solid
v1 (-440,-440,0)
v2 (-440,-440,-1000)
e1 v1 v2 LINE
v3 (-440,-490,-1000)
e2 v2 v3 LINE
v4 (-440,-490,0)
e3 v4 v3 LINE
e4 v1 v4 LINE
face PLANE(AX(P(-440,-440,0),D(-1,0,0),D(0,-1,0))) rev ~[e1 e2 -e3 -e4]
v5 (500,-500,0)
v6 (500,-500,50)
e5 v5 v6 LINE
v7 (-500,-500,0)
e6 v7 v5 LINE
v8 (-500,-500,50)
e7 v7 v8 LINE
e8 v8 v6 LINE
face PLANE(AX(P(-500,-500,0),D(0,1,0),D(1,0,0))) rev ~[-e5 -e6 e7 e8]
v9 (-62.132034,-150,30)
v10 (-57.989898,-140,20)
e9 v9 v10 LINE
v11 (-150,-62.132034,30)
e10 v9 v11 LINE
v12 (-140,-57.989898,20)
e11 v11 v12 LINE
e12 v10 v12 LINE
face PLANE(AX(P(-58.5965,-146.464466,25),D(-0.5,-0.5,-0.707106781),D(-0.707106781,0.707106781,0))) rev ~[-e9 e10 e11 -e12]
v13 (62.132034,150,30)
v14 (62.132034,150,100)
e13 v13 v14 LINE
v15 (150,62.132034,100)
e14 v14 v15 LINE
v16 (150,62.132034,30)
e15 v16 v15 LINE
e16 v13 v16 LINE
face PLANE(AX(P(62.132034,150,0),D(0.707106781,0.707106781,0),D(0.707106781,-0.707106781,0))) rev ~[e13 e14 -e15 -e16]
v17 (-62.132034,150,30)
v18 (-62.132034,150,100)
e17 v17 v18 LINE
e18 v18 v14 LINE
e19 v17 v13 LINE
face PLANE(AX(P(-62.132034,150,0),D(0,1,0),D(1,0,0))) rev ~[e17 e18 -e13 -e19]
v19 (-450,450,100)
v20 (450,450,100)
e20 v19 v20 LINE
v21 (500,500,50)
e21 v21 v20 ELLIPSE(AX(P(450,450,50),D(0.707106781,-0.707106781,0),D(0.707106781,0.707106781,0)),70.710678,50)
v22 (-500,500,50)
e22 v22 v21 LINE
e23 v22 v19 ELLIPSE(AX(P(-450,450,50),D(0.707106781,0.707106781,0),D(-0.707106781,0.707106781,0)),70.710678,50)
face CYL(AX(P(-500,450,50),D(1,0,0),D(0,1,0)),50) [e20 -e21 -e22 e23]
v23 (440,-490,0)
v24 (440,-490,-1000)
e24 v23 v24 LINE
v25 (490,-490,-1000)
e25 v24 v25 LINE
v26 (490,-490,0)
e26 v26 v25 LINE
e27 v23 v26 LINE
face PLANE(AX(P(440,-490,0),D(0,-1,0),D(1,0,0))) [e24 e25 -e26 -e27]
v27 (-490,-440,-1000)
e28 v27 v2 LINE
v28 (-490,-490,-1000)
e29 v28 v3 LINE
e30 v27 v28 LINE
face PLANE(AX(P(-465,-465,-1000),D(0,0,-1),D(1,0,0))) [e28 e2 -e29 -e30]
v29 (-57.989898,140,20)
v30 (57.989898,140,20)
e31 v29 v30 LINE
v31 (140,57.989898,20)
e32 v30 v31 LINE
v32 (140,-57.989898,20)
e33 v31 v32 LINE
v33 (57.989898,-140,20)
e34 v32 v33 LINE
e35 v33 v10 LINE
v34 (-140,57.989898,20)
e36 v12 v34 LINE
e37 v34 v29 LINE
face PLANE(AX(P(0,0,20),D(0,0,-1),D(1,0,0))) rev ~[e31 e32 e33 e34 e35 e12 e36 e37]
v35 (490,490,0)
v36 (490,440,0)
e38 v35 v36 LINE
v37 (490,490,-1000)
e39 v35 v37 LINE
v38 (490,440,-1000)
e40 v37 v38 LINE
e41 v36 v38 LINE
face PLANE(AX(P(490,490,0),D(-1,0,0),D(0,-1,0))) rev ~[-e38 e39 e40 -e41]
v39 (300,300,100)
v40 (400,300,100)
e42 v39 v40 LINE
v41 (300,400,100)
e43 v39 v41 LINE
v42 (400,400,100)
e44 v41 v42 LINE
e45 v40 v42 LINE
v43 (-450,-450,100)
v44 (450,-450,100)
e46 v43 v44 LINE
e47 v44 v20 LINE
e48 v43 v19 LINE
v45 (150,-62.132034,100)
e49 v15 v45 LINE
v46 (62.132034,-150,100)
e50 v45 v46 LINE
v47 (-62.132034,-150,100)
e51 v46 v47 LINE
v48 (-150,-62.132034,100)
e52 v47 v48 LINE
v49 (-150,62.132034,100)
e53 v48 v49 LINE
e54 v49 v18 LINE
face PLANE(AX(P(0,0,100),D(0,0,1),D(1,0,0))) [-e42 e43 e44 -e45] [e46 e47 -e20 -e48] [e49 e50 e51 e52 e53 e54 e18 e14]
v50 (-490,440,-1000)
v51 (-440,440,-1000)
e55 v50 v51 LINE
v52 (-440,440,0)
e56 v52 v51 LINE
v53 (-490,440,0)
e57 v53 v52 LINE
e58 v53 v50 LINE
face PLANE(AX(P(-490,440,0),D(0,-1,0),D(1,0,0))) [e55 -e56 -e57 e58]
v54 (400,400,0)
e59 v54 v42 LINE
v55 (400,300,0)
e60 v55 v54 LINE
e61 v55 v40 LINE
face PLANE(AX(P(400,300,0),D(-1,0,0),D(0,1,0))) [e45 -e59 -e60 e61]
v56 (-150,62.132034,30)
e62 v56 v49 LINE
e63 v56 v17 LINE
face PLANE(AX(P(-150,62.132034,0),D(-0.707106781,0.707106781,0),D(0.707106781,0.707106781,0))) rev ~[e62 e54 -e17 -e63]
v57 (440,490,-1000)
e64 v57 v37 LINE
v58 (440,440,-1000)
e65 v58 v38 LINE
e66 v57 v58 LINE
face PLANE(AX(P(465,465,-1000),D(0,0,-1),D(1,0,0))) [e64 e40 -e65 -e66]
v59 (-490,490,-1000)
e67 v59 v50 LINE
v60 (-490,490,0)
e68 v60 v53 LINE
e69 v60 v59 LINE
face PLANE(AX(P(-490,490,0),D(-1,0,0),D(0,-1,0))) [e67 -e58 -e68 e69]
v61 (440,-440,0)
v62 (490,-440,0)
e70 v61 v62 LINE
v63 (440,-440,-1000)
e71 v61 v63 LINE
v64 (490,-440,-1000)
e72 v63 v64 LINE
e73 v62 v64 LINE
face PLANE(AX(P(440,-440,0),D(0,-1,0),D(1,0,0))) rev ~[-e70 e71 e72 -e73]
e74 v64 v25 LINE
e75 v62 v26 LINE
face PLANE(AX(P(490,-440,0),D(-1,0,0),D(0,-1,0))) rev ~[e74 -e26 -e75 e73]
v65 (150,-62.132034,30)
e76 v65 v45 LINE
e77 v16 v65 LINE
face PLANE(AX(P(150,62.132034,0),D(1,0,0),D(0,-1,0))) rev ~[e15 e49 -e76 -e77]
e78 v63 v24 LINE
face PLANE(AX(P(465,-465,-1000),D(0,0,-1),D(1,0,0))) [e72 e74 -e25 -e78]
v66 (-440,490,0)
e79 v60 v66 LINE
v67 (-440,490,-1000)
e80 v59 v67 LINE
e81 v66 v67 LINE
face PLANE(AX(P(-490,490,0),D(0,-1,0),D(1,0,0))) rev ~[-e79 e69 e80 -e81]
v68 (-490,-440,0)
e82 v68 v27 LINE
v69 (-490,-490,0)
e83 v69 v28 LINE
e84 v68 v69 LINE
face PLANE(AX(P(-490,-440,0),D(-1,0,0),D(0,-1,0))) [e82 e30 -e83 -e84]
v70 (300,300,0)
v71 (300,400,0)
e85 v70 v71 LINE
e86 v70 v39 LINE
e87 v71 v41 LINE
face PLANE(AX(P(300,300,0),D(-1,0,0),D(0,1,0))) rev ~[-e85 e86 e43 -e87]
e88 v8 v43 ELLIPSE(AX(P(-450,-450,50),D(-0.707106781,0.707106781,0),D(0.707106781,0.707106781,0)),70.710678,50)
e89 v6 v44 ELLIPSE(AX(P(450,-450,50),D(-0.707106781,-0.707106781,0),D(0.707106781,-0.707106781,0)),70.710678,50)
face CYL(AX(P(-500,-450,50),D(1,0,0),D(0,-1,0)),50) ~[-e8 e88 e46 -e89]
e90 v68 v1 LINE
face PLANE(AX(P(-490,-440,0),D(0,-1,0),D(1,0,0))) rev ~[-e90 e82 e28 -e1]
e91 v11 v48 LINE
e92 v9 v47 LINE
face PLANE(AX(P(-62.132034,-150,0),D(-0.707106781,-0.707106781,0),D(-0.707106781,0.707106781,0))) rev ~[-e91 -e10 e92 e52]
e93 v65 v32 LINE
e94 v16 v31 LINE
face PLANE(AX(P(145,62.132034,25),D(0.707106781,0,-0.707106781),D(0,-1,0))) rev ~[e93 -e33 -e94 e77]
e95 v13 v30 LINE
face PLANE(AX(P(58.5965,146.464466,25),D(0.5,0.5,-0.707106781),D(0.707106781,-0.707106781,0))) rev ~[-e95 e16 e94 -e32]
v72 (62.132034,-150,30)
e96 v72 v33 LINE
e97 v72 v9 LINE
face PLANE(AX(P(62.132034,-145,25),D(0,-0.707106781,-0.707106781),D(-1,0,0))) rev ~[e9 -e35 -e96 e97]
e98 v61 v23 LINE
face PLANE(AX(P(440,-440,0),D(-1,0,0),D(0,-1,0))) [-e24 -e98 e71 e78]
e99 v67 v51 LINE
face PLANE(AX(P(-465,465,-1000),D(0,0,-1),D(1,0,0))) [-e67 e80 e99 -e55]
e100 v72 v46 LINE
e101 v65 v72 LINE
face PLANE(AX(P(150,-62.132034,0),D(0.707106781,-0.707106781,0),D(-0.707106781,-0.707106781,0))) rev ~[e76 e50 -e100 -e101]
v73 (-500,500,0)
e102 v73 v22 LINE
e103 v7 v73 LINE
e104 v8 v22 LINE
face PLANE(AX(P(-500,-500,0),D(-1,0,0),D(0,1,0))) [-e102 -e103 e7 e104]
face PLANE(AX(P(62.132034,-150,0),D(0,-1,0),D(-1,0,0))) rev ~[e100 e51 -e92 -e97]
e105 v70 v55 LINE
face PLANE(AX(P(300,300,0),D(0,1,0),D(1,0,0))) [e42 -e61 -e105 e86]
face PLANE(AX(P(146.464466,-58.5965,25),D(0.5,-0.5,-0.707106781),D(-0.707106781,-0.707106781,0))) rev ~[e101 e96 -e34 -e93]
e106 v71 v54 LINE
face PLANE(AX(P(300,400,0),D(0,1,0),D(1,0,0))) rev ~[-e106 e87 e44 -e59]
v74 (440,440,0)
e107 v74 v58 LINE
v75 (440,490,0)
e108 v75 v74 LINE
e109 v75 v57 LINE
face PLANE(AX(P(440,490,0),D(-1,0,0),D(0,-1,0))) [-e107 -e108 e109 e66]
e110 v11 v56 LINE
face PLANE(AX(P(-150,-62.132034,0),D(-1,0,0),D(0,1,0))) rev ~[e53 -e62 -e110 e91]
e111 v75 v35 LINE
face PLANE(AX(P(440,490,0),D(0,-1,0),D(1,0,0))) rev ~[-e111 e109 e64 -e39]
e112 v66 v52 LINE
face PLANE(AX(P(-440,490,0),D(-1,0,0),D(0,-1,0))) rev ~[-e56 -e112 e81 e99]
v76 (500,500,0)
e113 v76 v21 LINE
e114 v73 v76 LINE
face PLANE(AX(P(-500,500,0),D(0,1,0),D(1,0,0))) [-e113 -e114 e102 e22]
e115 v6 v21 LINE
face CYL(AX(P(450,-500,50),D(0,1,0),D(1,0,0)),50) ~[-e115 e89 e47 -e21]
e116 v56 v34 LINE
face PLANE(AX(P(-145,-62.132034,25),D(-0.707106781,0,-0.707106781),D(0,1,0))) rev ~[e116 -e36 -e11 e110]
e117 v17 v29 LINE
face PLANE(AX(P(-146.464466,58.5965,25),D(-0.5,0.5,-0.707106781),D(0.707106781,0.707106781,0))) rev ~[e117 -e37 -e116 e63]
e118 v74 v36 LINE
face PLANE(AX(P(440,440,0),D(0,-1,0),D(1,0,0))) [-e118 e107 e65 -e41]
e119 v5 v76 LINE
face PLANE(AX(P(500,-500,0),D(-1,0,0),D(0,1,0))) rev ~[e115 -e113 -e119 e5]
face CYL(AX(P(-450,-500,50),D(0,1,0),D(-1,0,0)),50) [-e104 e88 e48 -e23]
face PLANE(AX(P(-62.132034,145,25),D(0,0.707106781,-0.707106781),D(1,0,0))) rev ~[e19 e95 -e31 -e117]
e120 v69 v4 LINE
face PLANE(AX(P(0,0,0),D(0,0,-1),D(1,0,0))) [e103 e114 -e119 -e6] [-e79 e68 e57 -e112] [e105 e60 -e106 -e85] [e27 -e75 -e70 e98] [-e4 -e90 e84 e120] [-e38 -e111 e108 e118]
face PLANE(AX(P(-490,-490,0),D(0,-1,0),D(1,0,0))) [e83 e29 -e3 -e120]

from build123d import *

# Parameters (mm, degrees)
F0_W     = 1000
F0_H     = 1000
F0_W_2   = 100
F0_H_2   = 100
F1_DEPTH = 100
F2_R     = 50
F4_DEPTH = 20
F5_W     = 50
F5_H     = 50
F6_DEPTH = 1000
F7_SIZE  = 10


with BuildPart() as f1:
    # F0 (on Top) → F1 (new body)
    with BuildSketch(Plane.XY):
        Rectangle(F0_W, F0_H)
        Polygon((62.132034, 150), (150, 62.132034), (150, -62.132034), (62.132034, -150), (-62.132034, -150), (-150, -62.132034), (-150, 62.132034), (-62.132034, 150), align=None, mode=Mode.SUBTRACT)
        with Locations((350, 350)):
            Rectangle(F0_W_2, F0_H_2, mode=Mode.SUBTRACT)
    extrude(amount=F1_DEPTH)

    # F2
    f2_edges = [f1.edges().sort_by_distance(p)[0] for p in [
        (0, -500, 100),
        (-500, 0, 100),
        (0, 500, 100),
        (500, 0, 100),
    ]]
    fillet(f2_edges, radius=F2_R)

    # F3 (on face) → F4 (join)
    with BuildSketch(Plane(origin=(0, 0, 0), x_dir=(1, 0, 0), z_dir=(0, 0, -1))):
        Polygon((150, -62.132034), (150, 62.132034), (62.132034, 150), (-62.132034, 150), (-150, 62.132034), (-150, -62.132034), (-62.132034, -150), (62.132034, -150), align=None)
    extrude(amount=-F4_DEPTH)

    # F5 (on face) → F6 (join)
    with BuildSketch(Plane(origin=(0, 0, 0), x_dir=(1, 0, 0), z_dir=(0, 0, -1))):
        with Locations((-465, 465)):
            Rectangle(F5_W, F5_H)
        with Locations((-465, -465)):
            Rectangle(F5_W, F5_H)
        with Locations((465, -465)):
            Rectangle(F5_W, F5_H)
        with Locations((465, 465)):
            Rectangle(F5_W, F5_H)
    extrude(amount=F6_DEPTH)

    # F7
    f7_edges = [f1.edges().sort_by_distance(p)[0] for p in [
        (150, 0, 20),
        (106.066017, -106.066017, 20),
        (0, -150, 20),
        (-106.066017, -106.066017, 20),
        (-150, 0, 20),
        (-106.066017, 106.066017, 20),
        (0, 150, 20),
        (106.066017, 106.066017, 20),
    ]]
    chamfer(f7_edges, length=F7_SIZE)


solid = f1.part
